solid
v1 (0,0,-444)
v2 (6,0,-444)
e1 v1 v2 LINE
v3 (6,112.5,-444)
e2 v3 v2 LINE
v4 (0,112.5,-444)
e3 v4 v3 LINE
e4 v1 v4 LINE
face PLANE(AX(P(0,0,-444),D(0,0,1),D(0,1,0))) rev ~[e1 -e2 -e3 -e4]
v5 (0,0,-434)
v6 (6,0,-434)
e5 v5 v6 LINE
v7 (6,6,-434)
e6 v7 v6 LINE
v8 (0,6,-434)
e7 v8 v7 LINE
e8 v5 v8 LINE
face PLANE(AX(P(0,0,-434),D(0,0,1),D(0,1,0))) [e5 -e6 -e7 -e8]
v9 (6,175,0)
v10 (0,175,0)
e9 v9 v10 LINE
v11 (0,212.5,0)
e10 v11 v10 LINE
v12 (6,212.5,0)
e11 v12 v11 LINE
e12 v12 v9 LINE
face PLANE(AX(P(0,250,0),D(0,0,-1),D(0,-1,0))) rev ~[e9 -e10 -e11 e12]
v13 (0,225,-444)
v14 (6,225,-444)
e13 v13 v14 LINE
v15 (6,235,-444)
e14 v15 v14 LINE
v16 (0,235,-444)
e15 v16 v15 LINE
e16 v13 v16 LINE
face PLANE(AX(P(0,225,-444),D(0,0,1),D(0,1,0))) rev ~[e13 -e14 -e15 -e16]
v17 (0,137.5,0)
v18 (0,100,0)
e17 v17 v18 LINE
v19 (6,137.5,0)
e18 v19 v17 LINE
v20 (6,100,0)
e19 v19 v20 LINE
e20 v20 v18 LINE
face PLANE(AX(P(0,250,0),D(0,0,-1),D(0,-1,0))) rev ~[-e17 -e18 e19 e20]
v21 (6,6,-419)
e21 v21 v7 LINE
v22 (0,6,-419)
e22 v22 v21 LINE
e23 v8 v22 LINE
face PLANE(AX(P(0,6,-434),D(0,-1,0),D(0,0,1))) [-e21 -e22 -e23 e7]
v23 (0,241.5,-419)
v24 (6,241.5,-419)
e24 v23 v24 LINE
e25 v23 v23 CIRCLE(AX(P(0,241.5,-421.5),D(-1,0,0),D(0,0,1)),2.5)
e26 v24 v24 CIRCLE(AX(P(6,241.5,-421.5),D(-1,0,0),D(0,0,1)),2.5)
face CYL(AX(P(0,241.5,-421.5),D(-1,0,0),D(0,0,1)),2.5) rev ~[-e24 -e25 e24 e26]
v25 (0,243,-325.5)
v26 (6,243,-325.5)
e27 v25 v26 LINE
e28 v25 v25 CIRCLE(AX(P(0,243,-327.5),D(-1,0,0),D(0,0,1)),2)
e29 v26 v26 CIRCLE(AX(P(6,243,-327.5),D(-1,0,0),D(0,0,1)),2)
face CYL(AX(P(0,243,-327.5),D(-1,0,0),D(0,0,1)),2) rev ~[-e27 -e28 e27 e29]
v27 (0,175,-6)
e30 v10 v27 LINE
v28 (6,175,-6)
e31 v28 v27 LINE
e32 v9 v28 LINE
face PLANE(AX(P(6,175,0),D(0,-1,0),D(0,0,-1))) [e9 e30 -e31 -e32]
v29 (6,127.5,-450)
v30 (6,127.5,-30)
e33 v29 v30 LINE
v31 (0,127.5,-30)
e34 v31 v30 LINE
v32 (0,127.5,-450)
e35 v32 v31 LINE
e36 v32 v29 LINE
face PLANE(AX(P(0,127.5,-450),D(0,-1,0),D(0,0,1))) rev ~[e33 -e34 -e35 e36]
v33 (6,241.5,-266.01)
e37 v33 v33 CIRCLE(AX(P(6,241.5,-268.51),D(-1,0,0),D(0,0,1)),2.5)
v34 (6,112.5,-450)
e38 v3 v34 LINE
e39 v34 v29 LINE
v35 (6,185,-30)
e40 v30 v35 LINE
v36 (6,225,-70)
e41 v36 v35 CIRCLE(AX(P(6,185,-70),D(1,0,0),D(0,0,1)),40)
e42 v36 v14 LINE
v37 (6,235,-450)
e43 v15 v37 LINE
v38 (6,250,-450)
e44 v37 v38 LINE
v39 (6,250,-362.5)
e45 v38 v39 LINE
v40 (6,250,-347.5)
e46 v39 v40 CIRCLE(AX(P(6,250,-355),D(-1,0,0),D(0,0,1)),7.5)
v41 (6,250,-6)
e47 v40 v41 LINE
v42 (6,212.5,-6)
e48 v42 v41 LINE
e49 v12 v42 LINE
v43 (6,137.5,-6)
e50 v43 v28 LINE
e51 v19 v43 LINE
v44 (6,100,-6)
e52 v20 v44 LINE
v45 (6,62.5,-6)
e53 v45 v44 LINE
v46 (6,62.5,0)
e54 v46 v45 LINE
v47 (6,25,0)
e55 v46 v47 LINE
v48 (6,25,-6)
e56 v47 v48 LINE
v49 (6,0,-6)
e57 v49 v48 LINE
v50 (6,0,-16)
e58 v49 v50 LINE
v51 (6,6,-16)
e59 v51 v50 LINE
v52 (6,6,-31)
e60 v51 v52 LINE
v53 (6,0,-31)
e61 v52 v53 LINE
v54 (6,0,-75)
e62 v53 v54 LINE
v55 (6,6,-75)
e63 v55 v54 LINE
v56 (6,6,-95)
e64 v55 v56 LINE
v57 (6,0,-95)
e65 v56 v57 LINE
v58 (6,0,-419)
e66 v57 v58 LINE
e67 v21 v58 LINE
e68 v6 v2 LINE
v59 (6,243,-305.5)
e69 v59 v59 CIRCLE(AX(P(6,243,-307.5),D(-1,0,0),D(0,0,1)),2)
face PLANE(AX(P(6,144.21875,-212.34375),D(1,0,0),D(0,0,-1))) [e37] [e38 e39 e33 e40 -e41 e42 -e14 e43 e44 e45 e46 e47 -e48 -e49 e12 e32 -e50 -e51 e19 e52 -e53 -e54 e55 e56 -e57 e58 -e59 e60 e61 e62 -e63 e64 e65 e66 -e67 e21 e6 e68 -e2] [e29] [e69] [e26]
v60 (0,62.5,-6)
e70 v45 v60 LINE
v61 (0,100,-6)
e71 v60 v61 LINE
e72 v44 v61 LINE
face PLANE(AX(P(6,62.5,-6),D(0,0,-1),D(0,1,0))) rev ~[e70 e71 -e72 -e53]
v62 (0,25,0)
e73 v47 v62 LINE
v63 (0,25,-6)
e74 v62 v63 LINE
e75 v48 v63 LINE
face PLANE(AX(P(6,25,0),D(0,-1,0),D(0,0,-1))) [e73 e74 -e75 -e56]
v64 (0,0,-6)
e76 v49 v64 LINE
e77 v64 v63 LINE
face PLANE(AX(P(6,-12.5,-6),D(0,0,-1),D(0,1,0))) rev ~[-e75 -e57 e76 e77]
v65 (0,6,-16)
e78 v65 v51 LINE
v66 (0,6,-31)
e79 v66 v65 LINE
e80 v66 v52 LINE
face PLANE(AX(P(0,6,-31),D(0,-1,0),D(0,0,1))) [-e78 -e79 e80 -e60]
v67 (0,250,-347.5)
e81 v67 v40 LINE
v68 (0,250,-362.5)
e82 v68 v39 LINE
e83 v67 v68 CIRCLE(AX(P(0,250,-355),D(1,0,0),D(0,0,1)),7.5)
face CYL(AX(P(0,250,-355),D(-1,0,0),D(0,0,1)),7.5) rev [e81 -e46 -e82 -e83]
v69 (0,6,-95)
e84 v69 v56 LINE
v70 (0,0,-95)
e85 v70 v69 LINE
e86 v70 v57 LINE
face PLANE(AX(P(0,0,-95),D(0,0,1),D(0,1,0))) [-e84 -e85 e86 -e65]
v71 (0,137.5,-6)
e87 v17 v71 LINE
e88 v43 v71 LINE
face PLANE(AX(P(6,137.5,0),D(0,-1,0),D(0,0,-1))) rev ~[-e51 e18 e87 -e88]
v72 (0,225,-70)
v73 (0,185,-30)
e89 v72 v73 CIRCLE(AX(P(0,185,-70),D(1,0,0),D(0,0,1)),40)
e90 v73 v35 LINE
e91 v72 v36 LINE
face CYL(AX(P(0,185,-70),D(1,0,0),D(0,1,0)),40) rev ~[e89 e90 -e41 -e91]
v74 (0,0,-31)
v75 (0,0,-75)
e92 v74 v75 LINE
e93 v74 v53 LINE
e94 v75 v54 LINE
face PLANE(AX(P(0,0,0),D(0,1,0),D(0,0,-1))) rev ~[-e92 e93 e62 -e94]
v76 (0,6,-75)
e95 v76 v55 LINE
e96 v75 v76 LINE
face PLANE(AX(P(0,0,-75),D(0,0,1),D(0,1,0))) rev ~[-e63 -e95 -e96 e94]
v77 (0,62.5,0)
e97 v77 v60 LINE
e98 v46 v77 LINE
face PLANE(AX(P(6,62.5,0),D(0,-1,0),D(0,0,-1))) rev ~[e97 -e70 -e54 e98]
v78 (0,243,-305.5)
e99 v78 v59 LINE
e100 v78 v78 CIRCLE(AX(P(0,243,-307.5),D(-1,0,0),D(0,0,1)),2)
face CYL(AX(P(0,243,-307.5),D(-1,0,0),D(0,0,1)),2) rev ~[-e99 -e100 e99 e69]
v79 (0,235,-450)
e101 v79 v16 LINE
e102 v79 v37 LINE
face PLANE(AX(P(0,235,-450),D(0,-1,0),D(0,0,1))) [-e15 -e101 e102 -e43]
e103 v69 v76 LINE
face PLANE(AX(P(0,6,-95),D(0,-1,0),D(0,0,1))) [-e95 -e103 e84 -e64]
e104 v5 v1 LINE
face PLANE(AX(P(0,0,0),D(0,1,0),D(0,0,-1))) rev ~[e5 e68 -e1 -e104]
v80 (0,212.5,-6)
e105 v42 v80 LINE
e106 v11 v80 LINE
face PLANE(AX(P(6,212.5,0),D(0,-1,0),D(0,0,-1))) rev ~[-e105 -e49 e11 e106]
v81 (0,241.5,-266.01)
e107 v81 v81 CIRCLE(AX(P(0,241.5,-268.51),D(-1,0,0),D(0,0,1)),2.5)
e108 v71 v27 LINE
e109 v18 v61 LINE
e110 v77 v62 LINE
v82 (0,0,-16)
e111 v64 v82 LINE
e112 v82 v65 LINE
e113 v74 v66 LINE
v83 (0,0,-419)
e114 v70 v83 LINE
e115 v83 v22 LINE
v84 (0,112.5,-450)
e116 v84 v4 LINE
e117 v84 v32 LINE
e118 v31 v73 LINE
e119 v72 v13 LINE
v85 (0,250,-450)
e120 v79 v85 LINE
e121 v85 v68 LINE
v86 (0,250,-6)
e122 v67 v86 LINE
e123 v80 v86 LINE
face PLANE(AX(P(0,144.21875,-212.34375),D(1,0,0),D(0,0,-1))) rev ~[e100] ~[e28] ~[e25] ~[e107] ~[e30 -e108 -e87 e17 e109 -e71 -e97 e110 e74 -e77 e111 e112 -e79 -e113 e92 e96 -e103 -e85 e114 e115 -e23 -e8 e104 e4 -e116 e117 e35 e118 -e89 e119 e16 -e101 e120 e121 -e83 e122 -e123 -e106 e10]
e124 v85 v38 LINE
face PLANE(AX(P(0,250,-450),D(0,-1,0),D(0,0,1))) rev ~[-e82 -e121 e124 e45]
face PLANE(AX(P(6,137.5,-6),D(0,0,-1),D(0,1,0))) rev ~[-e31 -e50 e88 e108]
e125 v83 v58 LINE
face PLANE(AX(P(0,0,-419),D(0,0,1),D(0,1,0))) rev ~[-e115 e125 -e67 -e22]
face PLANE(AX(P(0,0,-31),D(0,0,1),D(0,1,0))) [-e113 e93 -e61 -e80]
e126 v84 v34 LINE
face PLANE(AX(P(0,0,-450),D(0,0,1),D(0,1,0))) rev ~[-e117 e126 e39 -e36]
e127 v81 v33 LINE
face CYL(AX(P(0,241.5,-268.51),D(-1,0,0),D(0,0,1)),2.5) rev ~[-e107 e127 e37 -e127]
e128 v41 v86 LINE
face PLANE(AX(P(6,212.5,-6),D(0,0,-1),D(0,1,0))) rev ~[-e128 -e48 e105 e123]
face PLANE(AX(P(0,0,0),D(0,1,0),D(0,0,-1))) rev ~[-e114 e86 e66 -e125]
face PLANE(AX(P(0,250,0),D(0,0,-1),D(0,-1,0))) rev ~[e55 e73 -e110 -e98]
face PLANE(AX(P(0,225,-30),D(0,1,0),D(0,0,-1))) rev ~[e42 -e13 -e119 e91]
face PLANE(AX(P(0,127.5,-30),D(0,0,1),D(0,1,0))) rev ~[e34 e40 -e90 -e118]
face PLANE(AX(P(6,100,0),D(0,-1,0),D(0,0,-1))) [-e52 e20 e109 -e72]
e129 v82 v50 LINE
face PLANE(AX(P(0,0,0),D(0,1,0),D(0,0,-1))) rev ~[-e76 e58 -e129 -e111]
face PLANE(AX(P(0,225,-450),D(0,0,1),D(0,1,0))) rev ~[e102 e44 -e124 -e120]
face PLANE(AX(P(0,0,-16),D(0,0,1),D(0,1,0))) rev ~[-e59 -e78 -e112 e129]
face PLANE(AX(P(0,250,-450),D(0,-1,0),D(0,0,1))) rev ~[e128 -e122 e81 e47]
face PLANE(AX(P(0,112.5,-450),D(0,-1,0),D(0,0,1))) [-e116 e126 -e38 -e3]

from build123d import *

# Parameters (mm, degrees)
BOSS_EXTRUDE1_DEPTH = 6
SKETCH2_W           = 6
SKETCH2_H           = 37.5
CUT_EXTRUDE1_DEPTH  = 6
LPATTERN1_COUNT     = 4
LPATTERN1_PITCH     = 75
FILLET1_R           = 40
SKETCH3_W           = 6
SKETCH3_H           = 10
SKETCH3_H_2         = 112.5
CUT_EXTRUDE2_DEPTH  = 515.816472153
SKETCH4_W           = 15
SKETCH4_H           = 6
CUT_EXTRUDE3_DEPTH  = 515.816472153
SKETCH5_R           = 2
CUT_EXTRUDE4_DEPTH  = 515.816472153
SKETCH6_W           = 20
SKETCH6_H           = 6
CUT_EXTRUDE5_DEPTH  = 515.816472153
SKETCH7_R           = 2.5
CUT_EXTRUDE6_DEPTH  = 515.816472153


with BuildPart() as part:
    # Sketch1 → Boss-Extrude1 (new body)
    with BuildSketch(Plane(origin=(0, 0, 0), x_dir=(0, 0, -1), z_dir=(1, 0, 0))):
        Polygon((450, 225), (450, 250), (0, 250), (0, 0), (450, 0), (450, 127.5), (30, 127.5), (30, 225), align=None)
    extrude(amount=BOSS_EXTRUDE1_DEPTH)

    # Sketch2 → Cut-Extrude1 (cut)
    with BuildSketch(Plane(origin=(6, 0, 0), x_dir=(0, 0, -1), z_dir=(1, 0, 0))):
        with Locations((3, 231.25)):
            Rectangle(SKETCH2_W, SKETCH2_H)
    cut_extrude1 = extrude(amount=-CUT_EXTRUDE1_DEPTH, mode=Mode.SUBTRACT)

    # LPattern1: Cut-Extrude1 ×4
    with Locations(*[(0, -i * LPATTERN1_PITCH, 0) for i in range(1, LPATTERN1_COUNT)]):
        add(cut_extrude1, mode=Mode.SUBTRACT)

    # Fillet1
    fillet1_edges = [part.edges().sort_by_distance(p)[0] for p in [
        (3, 225, -30),
    ]]
    fillet(fillet1_edges, radius=FILLET1_R)

    # Sketch3 → Cut-Extrude2 (cut, through all)
    with BuildSketch(Plane.ZY):
        with Locations((-447, 230)):
            Rectangle(SKETCH3_W, SKETCH3_H)
        with Locations((-447, 56.25)):
            Rectangle(SKETCH3_W, SKETCH3_H_2)
    extrude(amount=-CUT_EXTRUDE2_DEPTH, mode=Mode.SUBTRACT)

    # Sketch4 → Cut-Extrude3 (cut, through all)
    with BuildSketch(Plane.ZY):
        with Locations((-23.5, 3)):
            Rectangle(SKETCH4_W, SKETCH4_H)
        with Locations((-426.5, 3)):
            Rectangle(SKETCH4_W, SKETCH4_H)
    extrude(amount=-CUT_EXTRUDE3_DEPTH, mode=Mode.SUBTRACT)

    # Sketch5 → Cut-Extrude4 (cut, through all)
    with BuildSketch(Plane.ZY):
        with Locations((-327.5, 243)):
            Circle(SKETCH5_R)
        with Locations((-307.5, 243)):
            Circle(SKETCH5_R)
        with BuildLine():
            Line((-362.5, 250), (-347.5, 250))
            ThreePointArc((-347.5, 250), (-355, 242.5), (-362.5, 250))
        make_face()
    extrude(amount=-CUT_EXTRUDE4_DEPTH, mode=Mode.SUBTRACT)

    # Sketch6 → Cut-Extrude5 (cut, through all)
    with BuildSketch(Plane.ZY):
        with Locations((-85, 3)):
            Rectangle(SKETCH6_W, SKETCH6_H)
    extrude(amount=-CUT_EXTRUDE5_DEPTH, mode=Mode.SUBTRACT)

    # Sketch7 → Cut-Extrude6 (cut, through all)
    with BuildSketch(Plane.ZY):
        with Locations((-421.5, 241.5)):
            Circle(SKETCH7_R)
        with Locations((-268.51, 241.5)):
            Circle(SKETCH7_R)
    extrude(amount=-CUT_EXTRUDE6_DEPTH, mode=Mode.SUBTRACT)


solid = part.part
